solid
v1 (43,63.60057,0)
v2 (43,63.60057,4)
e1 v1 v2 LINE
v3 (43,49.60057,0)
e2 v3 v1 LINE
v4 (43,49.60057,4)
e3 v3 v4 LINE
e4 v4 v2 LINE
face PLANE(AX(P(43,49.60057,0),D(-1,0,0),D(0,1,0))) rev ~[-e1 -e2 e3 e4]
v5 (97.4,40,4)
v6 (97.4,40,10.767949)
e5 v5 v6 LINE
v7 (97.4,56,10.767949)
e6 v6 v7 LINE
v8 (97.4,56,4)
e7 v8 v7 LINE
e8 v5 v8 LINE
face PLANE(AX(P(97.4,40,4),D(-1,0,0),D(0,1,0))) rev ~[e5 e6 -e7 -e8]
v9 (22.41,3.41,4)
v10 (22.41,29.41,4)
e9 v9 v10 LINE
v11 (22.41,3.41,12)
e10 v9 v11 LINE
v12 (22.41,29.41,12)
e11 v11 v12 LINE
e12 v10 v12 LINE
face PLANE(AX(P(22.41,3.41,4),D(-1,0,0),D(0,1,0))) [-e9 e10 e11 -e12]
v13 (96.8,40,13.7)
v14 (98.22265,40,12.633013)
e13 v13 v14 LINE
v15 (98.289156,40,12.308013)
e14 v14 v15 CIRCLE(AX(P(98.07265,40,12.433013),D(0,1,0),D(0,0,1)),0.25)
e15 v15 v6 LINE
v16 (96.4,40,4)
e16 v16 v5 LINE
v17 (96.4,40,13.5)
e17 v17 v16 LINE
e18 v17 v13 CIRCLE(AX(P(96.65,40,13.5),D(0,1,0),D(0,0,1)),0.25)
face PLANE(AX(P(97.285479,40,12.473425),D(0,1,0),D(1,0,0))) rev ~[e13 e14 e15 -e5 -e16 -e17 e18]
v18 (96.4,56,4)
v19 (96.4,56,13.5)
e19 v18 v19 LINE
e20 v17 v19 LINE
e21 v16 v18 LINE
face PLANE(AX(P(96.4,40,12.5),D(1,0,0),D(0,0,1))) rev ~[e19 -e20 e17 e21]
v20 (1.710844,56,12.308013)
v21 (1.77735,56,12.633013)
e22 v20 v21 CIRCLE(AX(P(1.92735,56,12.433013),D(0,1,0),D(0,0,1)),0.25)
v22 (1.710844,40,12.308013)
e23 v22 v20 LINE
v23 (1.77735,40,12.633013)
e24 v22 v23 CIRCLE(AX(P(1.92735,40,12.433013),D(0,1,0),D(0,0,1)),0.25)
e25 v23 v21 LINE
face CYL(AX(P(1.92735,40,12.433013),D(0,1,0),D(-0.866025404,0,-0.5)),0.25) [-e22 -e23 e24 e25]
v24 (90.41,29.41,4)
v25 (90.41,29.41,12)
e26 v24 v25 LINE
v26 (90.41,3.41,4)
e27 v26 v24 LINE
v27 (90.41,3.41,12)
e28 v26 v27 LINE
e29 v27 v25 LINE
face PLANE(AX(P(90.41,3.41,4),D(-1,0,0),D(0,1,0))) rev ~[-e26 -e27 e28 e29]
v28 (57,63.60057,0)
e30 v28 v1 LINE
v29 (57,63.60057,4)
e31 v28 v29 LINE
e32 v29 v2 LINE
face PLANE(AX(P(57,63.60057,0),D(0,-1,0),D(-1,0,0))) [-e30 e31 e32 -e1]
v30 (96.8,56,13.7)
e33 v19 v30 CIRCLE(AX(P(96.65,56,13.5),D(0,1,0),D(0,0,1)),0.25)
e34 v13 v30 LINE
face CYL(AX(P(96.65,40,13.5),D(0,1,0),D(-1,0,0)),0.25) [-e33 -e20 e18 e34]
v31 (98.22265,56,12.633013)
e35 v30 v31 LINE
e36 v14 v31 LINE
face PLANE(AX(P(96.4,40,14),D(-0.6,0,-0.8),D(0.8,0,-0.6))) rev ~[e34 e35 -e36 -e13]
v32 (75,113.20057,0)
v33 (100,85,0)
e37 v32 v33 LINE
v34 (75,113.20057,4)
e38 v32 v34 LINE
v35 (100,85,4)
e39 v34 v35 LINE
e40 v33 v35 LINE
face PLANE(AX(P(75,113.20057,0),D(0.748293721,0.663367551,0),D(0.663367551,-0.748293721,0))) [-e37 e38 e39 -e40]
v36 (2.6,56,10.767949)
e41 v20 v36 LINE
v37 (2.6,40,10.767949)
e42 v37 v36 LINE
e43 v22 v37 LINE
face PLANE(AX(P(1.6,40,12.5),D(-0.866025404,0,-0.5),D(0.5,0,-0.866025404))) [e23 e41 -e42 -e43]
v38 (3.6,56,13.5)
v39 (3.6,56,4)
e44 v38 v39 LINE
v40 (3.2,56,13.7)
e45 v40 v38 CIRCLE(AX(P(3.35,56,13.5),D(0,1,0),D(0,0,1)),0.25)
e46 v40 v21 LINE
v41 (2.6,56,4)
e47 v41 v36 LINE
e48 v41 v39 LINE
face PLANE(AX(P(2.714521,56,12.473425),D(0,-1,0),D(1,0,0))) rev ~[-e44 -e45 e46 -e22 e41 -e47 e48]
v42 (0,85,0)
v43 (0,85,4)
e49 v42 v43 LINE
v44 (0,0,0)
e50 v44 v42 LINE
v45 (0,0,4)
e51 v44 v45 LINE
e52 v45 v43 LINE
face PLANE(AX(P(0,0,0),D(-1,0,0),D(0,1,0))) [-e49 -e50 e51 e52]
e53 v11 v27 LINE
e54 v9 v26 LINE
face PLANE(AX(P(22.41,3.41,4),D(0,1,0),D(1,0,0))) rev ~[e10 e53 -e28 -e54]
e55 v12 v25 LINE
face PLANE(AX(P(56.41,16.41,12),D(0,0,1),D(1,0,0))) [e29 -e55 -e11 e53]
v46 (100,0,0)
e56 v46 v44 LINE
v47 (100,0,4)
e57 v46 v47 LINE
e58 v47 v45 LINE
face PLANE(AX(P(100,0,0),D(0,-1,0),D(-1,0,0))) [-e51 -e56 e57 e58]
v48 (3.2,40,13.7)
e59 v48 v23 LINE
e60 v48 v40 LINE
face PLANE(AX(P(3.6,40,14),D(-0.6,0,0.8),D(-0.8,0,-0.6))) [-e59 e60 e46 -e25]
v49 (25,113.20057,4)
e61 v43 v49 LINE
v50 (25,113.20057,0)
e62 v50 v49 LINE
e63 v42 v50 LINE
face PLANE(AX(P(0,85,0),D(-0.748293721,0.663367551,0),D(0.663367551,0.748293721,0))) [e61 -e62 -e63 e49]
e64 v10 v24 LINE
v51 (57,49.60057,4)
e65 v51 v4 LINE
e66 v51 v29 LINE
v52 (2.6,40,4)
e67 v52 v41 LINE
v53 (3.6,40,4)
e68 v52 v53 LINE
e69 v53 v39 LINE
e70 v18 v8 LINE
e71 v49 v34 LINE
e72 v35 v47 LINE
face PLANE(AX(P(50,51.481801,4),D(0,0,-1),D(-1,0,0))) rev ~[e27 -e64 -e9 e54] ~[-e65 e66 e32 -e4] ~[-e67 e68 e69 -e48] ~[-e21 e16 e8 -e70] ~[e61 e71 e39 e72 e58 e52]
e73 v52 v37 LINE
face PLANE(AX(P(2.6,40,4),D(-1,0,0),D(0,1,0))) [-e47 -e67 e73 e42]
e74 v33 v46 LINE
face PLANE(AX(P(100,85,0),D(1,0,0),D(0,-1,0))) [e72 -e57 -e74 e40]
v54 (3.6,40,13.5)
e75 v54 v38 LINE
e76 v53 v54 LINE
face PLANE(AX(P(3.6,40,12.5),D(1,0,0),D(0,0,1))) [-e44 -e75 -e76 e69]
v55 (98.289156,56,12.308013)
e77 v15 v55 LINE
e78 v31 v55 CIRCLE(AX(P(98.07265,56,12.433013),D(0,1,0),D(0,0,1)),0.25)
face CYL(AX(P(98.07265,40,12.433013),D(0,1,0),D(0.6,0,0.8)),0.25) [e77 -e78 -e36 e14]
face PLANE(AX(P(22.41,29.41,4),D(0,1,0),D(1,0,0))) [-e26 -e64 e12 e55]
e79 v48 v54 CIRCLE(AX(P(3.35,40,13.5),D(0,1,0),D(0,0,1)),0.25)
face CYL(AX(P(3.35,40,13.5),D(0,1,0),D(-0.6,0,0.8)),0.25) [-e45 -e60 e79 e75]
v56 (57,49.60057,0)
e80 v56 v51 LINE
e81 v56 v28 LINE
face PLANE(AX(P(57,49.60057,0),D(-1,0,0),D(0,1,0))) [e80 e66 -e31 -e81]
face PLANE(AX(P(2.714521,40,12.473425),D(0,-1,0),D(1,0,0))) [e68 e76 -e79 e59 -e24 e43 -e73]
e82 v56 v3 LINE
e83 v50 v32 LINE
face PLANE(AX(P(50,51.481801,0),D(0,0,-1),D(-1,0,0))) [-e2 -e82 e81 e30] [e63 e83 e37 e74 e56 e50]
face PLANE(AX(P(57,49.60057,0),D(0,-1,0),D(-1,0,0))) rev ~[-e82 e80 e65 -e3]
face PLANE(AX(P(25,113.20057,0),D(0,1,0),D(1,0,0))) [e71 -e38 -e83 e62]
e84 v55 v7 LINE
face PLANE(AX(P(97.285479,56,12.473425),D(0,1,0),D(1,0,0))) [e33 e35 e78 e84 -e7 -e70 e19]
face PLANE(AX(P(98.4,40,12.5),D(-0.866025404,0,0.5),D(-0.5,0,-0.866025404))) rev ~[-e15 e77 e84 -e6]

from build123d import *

# Parameters (mm, degrees)
BOSS_EXTRU_1_DEPTH      = 4
ESQUISSE4_W             = 68
ESQUISSE4_H             = 26
BOSS_EXTRU_3_DEPTH      = 8
ESQUISSE8_W             = 14
ESQUISSE8_H             = 14
ENL_V_MAT_EXTRU_2_DEPTH = 13
ESQUISSE10_W            = 1
ESQUISSE10_H            = 16
BOSS_EXTRU_4_DEPTH      = 8.5
BOSS_EXTRU_5_DEPTH      = 16
BOSS_EXTRU_6_DEPTH      = 16
CONG_1_R                = 0.25
CONG_2_R                = 0.25


with BuildPart() as part:
    # Esquisse1 → Boss.-Extru.1 (new body)
    with BuildSketch(Plane.XY):
        Polygon((0, 0), (0, 85), (25, 113.20056997), (75, 113.20056997), (100, 85), (100, 0), align=None)
    extrude(amount=BOSS_EXTRU_1_DEPTH)

    # Esquisse4 → Boss.-Extru.3 (add)
    with BuildSketch(Plane.XY.offset(4)):
        with Locations((56.41, 16.41)):
            Rectangle(ESQUISSE4_W, ESQUISSE4_H)
    extrude(amount=BOSS_EXTRU_3_DEPTH)

    # Esquisse8 → Enlèv. mat.-Extru.2 (cut, through all)
    with BuildSketch(Plane(origin=(0, 0, 0), x_dir=(-1, 0, 0), z_dir=(0, 0, -1))):
        with Locations((-50, 56.60056997)):
            Rectangle(ESQUISSE8_W, ESQUISSE8_H)
    extrude(amount=-ENL_V_MAT_EXTRU_2_DEPTH, mode=Mode.SUBTRACT)

    # Esquisse10 → Boss.-Extru.4 (add)
    with BuildSketch(Plane.XY.offset(4)):
        with Locations((3.1, 48)):
            Rectangle(ESQUISSE10_W, ESQUISSE10_H)
        with Locations((96.9, 48)):
            Rectangle(ESQUISSE10_W, ESQUISSE10_H)
    extrude(amount=BOSS_EXTRU_4_DEPTH)

    # Esquisse13 → Boss.-Extru.5 (add)
    with BuildSketch(Plane(origin=(0, 40, 0), x_dir=(-1, 0, 0), z_dir=(0, -1, 0))):
        Polygon((-98.4, -12.5), (-97.4, -10.767949192), (-97.4, -12.5), (-96.4, -12.5), (-96.4, -14), align=None)
    extrude(amount=-BOSS_EXTRU_5_DEPTH)

    # Esquisse14 → Boss.-Extru.6 (add)
    with BuildSketch(Plane.XZ.offset(-40)):
        Polygon((1.6, 12.5), (2.6, 10.767949192), (2.6, 12.5), (3.6, 12.5), (3.6, 14), align=None)
    extrude(amount=-BOSS_EXTRU_6_DEPTH)

    # Congé1
    cong_1_edges = [part.edges().sort_by_distance(p)[0] for p in [
        (98.4, 48, 12.5),
        (1.6, 48, 12.5),
    ]]
    fillet(cong_1_edges, radius=CONG_1_R)

    # Congé2
    cong_2_edges = [part.edges().sort_by_distance(p)[0] for p in [
        (96.4, 48, 14),
        (3.6, 48, 14),
    ]]
    fillet(cong_2_edges, radius=CONG_2_R)


solid = part.part
